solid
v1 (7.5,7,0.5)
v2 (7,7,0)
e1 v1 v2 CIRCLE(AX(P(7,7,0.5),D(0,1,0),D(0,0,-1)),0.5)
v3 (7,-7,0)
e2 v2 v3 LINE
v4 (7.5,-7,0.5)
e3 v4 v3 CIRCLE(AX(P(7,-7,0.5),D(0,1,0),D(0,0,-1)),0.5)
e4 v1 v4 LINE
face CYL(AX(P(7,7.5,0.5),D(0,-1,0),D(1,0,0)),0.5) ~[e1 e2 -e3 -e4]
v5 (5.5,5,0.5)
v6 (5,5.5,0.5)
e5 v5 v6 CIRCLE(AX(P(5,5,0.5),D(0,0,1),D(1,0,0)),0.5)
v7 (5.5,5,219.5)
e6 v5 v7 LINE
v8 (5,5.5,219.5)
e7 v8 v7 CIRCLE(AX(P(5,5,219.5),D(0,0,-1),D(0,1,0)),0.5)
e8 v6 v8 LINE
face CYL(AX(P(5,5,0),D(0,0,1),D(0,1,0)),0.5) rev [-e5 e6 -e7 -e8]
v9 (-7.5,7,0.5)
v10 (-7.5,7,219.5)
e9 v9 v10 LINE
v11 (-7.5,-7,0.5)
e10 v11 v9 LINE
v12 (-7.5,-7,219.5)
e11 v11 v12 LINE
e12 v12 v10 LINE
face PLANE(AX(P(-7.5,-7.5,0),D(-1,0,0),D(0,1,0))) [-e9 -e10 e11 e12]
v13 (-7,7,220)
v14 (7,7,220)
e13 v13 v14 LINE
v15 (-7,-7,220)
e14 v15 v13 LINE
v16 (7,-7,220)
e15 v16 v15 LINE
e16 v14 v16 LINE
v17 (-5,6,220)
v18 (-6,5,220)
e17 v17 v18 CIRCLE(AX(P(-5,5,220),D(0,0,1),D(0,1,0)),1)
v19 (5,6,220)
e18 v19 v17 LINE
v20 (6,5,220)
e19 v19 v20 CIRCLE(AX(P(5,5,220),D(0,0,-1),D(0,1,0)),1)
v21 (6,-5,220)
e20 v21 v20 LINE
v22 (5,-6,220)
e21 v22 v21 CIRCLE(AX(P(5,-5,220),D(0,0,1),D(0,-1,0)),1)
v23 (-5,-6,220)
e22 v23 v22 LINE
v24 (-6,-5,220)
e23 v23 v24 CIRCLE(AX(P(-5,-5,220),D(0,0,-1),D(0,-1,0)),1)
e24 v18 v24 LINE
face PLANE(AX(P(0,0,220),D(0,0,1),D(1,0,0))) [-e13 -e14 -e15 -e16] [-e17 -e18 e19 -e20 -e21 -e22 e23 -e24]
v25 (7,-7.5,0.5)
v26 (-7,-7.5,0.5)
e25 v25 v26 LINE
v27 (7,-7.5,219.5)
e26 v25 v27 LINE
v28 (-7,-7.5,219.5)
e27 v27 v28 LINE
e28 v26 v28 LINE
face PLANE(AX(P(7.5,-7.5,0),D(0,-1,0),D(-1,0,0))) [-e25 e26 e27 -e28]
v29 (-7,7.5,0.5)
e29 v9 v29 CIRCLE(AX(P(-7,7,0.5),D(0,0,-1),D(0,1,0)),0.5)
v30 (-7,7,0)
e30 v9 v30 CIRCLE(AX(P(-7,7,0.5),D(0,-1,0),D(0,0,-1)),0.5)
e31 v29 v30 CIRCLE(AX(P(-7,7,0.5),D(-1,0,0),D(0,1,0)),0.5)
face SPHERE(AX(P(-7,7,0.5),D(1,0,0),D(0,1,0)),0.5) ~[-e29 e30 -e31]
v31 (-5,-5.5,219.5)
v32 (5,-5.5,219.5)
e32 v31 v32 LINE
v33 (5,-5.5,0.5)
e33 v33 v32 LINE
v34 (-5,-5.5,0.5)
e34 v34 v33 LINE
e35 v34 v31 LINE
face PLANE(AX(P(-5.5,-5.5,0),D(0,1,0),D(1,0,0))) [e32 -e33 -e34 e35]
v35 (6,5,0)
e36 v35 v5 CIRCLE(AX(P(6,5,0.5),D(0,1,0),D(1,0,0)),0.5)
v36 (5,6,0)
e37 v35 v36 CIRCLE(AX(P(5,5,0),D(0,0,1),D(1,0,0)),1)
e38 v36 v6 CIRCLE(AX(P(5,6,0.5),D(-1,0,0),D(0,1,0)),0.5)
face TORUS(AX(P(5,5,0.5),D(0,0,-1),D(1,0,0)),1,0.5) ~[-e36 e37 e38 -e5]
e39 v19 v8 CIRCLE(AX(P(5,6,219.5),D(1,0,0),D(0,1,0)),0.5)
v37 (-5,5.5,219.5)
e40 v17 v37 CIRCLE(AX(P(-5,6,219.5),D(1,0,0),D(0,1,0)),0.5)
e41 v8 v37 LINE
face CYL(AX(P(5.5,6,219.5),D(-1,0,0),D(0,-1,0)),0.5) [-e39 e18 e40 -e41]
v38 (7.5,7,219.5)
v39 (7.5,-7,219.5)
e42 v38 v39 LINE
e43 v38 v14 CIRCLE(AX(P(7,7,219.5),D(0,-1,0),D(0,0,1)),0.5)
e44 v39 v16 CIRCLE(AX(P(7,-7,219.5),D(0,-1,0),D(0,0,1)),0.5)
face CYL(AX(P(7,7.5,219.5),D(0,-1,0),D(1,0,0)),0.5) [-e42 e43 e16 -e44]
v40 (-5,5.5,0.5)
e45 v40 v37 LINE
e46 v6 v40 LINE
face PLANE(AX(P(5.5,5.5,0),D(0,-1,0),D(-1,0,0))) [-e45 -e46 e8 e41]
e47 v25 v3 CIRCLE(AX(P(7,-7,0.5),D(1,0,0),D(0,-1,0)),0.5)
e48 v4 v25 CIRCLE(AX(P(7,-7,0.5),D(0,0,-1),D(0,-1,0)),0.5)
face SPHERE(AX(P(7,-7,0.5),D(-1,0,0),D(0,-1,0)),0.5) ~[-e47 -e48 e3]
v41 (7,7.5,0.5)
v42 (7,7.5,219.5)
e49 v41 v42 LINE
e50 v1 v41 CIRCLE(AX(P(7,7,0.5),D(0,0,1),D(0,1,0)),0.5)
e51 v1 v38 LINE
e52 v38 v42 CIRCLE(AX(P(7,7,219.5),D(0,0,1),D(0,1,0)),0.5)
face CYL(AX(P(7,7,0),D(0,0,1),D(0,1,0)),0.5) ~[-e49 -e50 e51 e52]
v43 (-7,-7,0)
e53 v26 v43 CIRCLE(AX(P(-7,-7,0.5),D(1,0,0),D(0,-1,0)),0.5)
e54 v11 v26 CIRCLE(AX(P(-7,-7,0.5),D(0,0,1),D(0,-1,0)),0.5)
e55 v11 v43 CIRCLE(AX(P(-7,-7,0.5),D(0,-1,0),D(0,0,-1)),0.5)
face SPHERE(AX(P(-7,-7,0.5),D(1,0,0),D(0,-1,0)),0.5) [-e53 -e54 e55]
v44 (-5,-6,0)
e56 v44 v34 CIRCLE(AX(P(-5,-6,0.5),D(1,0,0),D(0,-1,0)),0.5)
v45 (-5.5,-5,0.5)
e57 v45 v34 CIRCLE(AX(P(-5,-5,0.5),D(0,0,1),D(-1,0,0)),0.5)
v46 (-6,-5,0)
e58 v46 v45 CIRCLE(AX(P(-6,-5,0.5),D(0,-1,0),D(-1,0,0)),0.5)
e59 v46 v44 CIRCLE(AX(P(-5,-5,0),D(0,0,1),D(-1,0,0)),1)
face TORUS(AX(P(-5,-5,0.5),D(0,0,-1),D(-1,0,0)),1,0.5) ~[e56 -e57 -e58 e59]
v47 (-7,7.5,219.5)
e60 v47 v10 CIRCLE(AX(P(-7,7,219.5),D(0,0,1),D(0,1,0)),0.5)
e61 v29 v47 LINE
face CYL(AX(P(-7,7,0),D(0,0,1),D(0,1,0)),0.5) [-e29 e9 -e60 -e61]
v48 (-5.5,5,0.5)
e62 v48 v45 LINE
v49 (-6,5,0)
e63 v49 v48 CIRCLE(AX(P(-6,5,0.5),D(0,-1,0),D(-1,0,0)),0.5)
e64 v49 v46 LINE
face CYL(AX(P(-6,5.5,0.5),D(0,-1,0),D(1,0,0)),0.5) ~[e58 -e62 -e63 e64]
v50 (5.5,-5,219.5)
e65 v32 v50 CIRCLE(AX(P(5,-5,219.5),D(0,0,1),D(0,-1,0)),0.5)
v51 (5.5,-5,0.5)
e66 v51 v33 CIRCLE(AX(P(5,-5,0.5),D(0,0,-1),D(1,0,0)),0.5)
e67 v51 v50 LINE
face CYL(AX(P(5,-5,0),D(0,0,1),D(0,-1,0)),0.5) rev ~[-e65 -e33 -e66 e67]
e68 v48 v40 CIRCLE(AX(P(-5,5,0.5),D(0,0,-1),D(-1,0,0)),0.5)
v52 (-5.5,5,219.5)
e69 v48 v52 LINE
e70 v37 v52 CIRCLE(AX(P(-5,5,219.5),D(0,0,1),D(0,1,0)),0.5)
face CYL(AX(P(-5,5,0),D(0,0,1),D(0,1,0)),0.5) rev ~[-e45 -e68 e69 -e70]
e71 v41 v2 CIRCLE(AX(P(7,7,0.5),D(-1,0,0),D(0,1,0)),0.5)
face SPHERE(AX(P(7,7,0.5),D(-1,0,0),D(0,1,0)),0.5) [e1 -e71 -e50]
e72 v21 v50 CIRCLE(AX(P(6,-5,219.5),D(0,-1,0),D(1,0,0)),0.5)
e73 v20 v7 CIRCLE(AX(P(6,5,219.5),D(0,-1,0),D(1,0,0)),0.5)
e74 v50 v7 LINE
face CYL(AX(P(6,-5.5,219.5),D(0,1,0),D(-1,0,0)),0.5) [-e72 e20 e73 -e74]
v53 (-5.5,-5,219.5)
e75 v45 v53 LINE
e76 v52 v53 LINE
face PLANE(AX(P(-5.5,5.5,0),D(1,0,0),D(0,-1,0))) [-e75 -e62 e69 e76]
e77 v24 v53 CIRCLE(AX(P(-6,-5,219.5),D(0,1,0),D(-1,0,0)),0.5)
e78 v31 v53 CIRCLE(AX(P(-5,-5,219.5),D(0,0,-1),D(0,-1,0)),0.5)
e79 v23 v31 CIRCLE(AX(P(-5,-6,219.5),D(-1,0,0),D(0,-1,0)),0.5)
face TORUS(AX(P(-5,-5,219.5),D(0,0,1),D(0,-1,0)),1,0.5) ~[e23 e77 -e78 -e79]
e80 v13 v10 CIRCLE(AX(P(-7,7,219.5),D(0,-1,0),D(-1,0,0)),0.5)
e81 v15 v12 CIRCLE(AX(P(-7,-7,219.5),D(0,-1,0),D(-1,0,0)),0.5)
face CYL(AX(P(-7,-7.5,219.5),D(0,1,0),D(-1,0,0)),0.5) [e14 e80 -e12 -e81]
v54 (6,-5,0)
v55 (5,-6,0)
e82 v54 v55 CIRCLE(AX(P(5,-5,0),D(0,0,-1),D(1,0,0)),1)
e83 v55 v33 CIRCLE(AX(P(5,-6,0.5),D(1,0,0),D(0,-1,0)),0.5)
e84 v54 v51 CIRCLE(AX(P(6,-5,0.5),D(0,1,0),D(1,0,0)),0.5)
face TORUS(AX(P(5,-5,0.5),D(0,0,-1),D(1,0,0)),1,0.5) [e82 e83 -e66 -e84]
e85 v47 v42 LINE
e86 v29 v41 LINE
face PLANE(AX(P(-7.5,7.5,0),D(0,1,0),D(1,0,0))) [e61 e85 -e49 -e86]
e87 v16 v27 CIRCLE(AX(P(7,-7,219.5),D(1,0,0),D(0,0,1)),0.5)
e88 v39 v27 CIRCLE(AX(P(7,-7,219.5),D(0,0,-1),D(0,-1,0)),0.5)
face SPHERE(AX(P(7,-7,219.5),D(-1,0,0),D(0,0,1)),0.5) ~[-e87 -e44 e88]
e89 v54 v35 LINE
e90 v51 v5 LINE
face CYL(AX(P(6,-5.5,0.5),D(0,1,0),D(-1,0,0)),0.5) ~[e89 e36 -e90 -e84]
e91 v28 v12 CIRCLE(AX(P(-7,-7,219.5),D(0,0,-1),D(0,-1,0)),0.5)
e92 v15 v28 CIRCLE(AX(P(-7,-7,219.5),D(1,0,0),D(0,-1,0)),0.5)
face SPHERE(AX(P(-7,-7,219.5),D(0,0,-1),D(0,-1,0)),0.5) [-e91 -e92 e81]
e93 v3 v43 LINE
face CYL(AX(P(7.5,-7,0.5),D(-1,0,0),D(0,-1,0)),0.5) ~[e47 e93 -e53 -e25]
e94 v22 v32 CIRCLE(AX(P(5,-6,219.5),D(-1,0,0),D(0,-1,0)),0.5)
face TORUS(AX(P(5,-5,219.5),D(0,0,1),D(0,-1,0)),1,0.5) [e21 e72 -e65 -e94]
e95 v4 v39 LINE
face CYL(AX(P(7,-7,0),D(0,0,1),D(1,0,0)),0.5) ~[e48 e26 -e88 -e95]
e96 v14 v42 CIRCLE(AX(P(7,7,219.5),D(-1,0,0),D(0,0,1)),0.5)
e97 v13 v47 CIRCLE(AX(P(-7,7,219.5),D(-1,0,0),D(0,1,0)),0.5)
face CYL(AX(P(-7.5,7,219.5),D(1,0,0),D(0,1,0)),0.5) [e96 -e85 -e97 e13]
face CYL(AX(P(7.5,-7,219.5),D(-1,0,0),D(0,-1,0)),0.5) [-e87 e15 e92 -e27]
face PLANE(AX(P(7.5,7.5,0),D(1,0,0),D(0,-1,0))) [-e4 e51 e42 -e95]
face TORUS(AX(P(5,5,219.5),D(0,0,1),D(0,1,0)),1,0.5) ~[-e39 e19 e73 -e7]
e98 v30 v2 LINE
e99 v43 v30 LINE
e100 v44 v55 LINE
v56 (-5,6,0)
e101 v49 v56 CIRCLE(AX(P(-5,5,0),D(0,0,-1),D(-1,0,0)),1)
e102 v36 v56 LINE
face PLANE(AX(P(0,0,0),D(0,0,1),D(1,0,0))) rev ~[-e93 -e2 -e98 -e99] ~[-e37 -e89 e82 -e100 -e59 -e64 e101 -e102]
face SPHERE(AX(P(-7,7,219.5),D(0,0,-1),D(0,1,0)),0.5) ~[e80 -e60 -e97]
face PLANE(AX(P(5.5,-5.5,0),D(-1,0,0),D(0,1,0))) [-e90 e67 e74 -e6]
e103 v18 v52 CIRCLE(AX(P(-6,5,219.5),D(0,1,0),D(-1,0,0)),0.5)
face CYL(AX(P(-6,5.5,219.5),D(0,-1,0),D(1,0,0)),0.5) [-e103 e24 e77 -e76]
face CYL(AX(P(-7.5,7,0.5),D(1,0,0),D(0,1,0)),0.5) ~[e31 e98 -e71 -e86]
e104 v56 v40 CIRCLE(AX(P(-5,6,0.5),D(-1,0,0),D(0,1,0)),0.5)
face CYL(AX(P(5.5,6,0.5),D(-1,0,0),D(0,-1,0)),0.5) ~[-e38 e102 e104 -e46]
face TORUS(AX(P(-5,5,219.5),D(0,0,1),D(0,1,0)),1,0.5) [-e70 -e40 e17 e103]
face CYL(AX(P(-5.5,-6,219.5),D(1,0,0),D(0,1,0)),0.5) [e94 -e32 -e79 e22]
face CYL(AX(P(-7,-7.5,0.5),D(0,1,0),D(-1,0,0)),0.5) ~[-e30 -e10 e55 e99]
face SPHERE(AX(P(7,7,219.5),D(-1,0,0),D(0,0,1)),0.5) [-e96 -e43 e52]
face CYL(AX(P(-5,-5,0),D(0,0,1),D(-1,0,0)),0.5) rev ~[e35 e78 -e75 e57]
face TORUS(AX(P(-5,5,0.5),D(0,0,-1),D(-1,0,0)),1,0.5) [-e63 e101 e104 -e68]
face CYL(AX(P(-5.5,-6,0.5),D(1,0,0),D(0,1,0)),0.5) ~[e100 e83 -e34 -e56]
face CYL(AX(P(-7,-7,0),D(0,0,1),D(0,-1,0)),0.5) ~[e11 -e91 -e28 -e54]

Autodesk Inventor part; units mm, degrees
ref_plane "YZ Plane" through (0, 0, 0) normal (1, 0, 0) x (0, 1, 0)
ref_plane "XZ Plane" through (0, 0, 0) normal (0, 1, 0) x (-1, 0, 0)
ref_plane "XY Plane" through (0, 0, 0) normal (0, 0, 1) x (1, 0, 0)
sketch "Sketch1" plane through (0, 0, 0) normal (0, 0, 1) x (1, 0, 0)
  line L0 (-7.5, 7.5) -> (7.5, 7.5)
  line L1 (7.5, 7.5) -> (7.5, -7.5)
  line L2 (7.5, -7.5) -> (-7.5, -7.5)
  line L3 (-7.5, -7.5) -> (-7.5, 7.5)
  line L4 (-7.5, 7.5) -> (7.5, -7.5) construction
  line L5 (7.5, 7.5) -> (-7.5, -7.5) construction
  line L6 (5.5, 5.5) -> (-5.5, 5.5)
  line L7 (-5.5, 5.5) -> (-5.5, -5.5)
  line L8 (-5.5, -5.5) -> (5.5, -5.5)
  line L9 (5.5, -5.5) -> (5.5, 5.5)
  point P0 (0, 0)
  dimension "d0" = 15
  dimension "d1" = 15
  dimension "d2" = 2
extrude "Extrusion1" add sketch "Sketch1" along normal blind 220
fillet "Fillet1" radius 0.5 24 edges at (-5.5, 0, 0) (5.5, 0, 0) (0, -5.5, 0) (0, 5.5, 0) (0, -7.5, 0) (0, 7.5, 0) (-7.5, 7.5, 110) (-7.5, -7.5, 110) (-5.5, 0, 220) (-5.5, -5.5, 110) (-5.5, 5.5, 110) (0, -5.5, 220) (0, 5.5, 220) (0, -7.5, 220) (0, 7.5, 220) (5.5, 0, 220) (5.5, -5.5, 110) (5.5, 5.5, 110) (7.5, 0, 220) (7.5, -7.5, 110) (7.5, 7.5, 110) (7.5, 0, 0) (-7.5, 0, 0) (-7.5, 0, 220)
equation "\"d1\" = d0"
properties part number "16x16x2 voor noodstop" material "Stainless Steel"
